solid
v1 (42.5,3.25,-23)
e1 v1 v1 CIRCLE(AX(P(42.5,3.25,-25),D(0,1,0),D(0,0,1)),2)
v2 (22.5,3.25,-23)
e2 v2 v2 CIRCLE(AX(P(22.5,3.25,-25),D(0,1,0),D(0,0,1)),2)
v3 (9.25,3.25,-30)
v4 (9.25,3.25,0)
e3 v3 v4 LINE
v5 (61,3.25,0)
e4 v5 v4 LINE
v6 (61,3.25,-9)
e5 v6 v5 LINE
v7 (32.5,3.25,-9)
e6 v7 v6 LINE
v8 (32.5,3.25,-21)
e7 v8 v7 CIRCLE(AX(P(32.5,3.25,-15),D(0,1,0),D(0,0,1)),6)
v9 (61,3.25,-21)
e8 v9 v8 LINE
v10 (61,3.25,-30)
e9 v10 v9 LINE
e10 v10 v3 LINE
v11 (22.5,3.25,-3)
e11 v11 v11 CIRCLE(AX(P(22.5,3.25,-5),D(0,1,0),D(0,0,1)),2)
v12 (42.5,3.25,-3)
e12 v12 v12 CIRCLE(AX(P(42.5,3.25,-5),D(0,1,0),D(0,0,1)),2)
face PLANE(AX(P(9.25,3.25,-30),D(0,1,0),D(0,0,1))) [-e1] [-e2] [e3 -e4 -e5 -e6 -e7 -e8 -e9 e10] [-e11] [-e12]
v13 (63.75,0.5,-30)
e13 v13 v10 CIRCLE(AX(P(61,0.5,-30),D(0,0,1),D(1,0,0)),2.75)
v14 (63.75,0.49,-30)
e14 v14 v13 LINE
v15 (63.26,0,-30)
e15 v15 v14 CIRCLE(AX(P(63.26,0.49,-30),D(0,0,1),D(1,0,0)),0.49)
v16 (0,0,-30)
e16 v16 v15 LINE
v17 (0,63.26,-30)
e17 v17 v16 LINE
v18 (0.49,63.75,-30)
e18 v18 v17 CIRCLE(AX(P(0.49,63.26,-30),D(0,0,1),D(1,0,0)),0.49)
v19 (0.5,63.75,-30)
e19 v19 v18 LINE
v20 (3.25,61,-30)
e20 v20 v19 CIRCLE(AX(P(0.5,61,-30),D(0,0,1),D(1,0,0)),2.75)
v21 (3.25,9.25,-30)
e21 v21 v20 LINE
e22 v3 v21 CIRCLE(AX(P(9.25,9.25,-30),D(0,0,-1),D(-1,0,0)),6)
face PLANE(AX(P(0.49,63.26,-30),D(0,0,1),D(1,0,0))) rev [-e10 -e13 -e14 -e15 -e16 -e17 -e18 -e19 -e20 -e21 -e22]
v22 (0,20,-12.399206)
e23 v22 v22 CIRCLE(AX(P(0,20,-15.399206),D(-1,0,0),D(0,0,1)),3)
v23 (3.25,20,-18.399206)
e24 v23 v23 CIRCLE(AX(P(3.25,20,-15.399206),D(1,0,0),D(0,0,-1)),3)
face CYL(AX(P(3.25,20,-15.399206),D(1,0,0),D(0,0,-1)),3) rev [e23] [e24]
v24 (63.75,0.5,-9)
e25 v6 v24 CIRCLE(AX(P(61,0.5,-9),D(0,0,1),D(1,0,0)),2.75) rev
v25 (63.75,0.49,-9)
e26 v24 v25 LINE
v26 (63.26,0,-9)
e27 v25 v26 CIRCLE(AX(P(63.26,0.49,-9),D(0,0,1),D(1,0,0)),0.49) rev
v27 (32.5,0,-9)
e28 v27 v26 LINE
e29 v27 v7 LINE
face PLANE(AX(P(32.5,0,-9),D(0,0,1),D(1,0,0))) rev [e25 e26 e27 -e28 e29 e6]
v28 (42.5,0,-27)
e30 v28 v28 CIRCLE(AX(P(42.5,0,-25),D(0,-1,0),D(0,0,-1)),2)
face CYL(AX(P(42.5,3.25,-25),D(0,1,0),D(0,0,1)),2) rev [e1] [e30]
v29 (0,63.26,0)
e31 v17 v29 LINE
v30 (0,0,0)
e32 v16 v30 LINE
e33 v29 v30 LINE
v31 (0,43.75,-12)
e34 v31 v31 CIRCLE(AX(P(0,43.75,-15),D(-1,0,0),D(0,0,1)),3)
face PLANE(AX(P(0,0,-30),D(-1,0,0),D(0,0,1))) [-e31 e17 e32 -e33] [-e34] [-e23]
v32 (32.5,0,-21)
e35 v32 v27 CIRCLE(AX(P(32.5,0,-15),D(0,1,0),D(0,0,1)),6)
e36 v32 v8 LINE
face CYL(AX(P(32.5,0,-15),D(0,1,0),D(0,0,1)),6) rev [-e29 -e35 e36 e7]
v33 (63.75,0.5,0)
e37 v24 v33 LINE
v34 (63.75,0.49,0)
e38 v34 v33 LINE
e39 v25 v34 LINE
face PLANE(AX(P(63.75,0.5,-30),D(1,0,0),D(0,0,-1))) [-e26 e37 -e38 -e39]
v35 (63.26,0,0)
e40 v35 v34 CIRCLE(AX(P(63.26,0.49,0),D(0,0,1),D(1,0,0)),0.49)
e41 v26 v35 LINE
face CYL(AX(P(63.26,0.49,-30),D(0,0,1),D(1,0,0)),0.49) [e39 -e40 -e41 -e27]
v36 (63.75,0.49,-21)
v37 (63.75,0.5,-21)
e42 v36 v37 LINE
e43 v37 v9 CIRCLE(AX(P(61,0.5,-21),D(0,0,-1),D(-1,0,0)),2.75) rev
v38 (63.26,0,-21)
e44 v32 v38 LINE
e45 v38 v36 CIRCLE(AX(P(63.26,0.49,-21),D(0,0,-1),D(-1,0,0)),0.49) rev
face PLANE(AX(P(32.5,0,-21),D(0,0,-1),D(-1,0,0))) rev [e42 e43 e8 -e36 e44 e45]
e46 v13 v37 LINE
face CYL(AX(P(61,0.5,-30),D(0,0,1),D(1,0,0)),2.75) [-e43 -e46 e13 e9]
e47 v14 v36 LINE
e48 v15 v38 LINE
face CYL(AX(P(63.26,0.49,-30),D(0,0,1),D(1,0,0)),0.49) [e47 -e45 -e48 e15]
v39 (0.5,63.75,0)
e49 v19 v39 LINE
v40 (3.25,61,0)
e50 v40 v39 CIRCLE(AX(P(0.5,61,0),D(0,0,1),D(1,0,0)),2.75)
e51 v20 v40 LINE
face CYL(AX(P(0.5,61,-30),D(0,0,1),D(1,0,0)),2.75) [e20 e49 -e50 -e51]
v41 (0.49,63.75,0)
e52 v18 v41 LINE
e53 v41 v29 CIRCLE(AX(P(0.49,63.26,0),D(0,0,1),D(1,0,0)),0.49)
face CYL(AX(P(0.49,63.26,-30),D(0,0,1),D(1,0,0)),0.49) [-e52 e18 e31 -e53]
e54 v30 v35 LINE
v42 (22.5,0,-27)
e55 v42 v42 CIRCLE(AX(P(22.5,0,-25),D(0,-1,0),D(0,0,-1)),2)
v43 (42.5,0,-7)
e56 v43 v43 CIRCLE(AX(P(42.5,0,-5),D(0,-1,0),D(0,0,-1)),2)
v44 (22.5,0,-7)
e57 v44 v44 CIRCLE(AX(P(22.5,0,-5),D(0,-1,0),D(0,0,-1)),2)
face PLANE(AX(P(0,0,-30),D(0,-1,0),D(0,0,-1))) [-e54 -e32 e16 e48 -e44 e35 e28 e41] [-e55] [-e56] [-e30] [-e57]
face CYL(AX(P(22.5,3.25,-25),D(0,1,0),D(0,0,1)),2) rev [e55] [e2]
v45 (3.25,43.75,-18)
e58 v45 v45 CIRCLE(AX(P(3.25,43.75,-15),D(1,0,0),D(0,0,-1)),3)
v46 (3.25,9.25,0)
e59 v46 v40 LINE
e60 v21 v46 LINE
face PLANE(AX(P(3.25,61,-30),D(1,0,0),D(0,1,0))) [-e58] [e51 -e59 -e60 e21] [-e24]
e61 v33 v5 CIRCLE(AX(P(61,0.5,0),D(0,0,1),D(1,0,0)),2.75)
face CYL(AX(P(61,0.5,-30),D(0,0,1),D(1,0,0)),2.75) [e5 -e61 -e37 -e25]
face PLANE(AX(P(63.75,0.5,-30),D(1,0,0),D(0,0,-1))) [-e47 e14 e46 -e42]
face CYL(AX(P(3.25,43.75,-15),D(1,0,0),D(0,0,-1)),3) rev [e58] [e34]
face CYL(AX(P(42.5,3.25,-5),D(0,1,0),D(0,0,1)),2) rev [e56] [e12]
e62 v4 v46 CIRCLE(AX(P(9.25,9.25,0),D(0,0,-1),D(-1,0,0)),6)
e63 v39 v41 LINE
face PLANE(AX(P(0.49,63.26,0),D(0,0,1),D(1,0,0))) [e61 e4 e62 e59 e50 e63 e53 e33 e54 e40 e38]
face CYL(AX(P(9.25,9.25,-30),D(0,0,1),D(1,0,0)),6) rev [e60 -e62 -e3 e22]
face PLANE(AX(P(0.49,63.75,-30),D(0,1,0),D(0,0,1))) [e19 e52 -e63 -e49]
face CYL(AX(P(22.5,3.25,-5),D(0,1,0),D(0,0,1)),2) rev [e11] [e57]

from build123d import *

# Parameters (mm, degrees)
BOSS_EXTRUDE1_DEPTH          = 30
F_4_0_4_DIAMETER_HOLE1_D     = 4
F_4_0_4_DIAMETER_HOLE1_DEPTH = 10
F_4_0_4_DIAMETER_HOLE1_TIP   = 1.201721238
CUT_EXTRUDE1_DEPTH           = 93.867176656
F_6_0_6_DIAMETER_HOLE1_D     = 6
F_6_0_6_DIAMETER_HOLE1_DEPTH = 10
F_6_0_6_DIAMETER_HOLE1_TIP   = 1.802581857


with BuildPart() as part:
    # Sketch2 → Boss-Extrude1 (new body)
    with BuildSketch(Plane.XY):
        with BuildLine():
            Line((0, 0), (63.26, 0))
            ThreePointArc((63.26, 0), (63.606482323, 0.143517677), (63.75, 0.49))
            Line((63.75, 0.49), (63.75, 0.5))
            ThreePointArc((63.75, 0.5), (62.944543648, 2.444543648), (61, 3.25))
            Line((61, 3.25), (9.25, 3.25))
            ThreePointArc((9.25, 3.25), (5.007359313, 5.007359313), (3.25, 9.25))
            Line((3.25, 9.25), (3.25, 61))
            ThreePointArc((3.25, 61), (2.444543648, 62.944543648), (0.5, 63.75))
            Line((0.5, 63.75), (0.49, 63.75))
            ThreePointArc((0.49, 63.75), (0.143517677, 63.606482323), (0, 63.26))
            Line((0, 63.26), (0, 0))
        make_face()
    extrude(amount=-BOSS_EXTRUDE1_DEPTH)

    # Ø4.0 (4) Diameter Hole1
    with Locations(Plane(origin=(0, 3.25, 0), x_dir=(1, 0, 0), z_dir=(0, 1, 0))):
        with Locations((22.5, 5), (22.5, 25), (42.5, 25), (42.5, 5)):
            Hole(F_4_0_4_DIAMETER_HOLE1_D / 2, depth=F_4_0_4_DIAMETER_HOLE1_DEPTH)
            with Locations((0, 0, -(F_4_0_4_DIAMETER_HOLE1_DEPTH + F_4_0_4_DIAMETER_HOLE1_TIP / 2))):  # 118° drill point
                Cone(0, F_4_0_4_DIAMETER_HOLE1_D / 2, F_4_0_4_DIAMETER_HOLE1_TIP, mode=Mode.SUBTRACT)

    # Sketch6 → Cut-Extrude1 (cut, through all)
    with BuildSketch(Plane(origin=(0, 3.25, 0), x_dir=(1, 0, 0), z_dir=(0, 1, 0))):
        with BuildLine():
            Line((32.5, 9), (66.86726804, 9))
            Line((66.86726804, 9), (66.86726804, 21))
            Line((66.86726804, 21), (32.5, 21))
            ThreePointArc((32.5, 21), (26.5, 15), (32.5, 9))
        make_face()
    extrude(amount=-CUT_EXTRUDE1_DEPTH, mode=Mode.SUBTRACT)

    # Ø6.0 (6) Diameter Hole1
    with Locations(Plane(origin=(3.25, 0, 0), x_dir=(0, 0, -1), z_dir=(1, 0, 0))):
        with Locations((15, 43.75), (15.399206183, 20)):
            Hole(F_6_0_6_DIAMETER_HOLE1_D / 2, depth=F_6_0_6_DIAMETER_HOLE1_DEPTH)
            with Locations((0, 0, -(F_6_0_6_DIAMETER_HOLE1_DEPTH + F_6_0_6_DIAMETER_HOLE1_TIP / 2))):  # 118° drill point
                Cone(0, F_6_0_6_DIAMETER_HOLE1_D / 2, F_6_0_6_DIAMETER_HOLE1_TIP, mode=Mode.SUBTRACT)


solid = part.part
